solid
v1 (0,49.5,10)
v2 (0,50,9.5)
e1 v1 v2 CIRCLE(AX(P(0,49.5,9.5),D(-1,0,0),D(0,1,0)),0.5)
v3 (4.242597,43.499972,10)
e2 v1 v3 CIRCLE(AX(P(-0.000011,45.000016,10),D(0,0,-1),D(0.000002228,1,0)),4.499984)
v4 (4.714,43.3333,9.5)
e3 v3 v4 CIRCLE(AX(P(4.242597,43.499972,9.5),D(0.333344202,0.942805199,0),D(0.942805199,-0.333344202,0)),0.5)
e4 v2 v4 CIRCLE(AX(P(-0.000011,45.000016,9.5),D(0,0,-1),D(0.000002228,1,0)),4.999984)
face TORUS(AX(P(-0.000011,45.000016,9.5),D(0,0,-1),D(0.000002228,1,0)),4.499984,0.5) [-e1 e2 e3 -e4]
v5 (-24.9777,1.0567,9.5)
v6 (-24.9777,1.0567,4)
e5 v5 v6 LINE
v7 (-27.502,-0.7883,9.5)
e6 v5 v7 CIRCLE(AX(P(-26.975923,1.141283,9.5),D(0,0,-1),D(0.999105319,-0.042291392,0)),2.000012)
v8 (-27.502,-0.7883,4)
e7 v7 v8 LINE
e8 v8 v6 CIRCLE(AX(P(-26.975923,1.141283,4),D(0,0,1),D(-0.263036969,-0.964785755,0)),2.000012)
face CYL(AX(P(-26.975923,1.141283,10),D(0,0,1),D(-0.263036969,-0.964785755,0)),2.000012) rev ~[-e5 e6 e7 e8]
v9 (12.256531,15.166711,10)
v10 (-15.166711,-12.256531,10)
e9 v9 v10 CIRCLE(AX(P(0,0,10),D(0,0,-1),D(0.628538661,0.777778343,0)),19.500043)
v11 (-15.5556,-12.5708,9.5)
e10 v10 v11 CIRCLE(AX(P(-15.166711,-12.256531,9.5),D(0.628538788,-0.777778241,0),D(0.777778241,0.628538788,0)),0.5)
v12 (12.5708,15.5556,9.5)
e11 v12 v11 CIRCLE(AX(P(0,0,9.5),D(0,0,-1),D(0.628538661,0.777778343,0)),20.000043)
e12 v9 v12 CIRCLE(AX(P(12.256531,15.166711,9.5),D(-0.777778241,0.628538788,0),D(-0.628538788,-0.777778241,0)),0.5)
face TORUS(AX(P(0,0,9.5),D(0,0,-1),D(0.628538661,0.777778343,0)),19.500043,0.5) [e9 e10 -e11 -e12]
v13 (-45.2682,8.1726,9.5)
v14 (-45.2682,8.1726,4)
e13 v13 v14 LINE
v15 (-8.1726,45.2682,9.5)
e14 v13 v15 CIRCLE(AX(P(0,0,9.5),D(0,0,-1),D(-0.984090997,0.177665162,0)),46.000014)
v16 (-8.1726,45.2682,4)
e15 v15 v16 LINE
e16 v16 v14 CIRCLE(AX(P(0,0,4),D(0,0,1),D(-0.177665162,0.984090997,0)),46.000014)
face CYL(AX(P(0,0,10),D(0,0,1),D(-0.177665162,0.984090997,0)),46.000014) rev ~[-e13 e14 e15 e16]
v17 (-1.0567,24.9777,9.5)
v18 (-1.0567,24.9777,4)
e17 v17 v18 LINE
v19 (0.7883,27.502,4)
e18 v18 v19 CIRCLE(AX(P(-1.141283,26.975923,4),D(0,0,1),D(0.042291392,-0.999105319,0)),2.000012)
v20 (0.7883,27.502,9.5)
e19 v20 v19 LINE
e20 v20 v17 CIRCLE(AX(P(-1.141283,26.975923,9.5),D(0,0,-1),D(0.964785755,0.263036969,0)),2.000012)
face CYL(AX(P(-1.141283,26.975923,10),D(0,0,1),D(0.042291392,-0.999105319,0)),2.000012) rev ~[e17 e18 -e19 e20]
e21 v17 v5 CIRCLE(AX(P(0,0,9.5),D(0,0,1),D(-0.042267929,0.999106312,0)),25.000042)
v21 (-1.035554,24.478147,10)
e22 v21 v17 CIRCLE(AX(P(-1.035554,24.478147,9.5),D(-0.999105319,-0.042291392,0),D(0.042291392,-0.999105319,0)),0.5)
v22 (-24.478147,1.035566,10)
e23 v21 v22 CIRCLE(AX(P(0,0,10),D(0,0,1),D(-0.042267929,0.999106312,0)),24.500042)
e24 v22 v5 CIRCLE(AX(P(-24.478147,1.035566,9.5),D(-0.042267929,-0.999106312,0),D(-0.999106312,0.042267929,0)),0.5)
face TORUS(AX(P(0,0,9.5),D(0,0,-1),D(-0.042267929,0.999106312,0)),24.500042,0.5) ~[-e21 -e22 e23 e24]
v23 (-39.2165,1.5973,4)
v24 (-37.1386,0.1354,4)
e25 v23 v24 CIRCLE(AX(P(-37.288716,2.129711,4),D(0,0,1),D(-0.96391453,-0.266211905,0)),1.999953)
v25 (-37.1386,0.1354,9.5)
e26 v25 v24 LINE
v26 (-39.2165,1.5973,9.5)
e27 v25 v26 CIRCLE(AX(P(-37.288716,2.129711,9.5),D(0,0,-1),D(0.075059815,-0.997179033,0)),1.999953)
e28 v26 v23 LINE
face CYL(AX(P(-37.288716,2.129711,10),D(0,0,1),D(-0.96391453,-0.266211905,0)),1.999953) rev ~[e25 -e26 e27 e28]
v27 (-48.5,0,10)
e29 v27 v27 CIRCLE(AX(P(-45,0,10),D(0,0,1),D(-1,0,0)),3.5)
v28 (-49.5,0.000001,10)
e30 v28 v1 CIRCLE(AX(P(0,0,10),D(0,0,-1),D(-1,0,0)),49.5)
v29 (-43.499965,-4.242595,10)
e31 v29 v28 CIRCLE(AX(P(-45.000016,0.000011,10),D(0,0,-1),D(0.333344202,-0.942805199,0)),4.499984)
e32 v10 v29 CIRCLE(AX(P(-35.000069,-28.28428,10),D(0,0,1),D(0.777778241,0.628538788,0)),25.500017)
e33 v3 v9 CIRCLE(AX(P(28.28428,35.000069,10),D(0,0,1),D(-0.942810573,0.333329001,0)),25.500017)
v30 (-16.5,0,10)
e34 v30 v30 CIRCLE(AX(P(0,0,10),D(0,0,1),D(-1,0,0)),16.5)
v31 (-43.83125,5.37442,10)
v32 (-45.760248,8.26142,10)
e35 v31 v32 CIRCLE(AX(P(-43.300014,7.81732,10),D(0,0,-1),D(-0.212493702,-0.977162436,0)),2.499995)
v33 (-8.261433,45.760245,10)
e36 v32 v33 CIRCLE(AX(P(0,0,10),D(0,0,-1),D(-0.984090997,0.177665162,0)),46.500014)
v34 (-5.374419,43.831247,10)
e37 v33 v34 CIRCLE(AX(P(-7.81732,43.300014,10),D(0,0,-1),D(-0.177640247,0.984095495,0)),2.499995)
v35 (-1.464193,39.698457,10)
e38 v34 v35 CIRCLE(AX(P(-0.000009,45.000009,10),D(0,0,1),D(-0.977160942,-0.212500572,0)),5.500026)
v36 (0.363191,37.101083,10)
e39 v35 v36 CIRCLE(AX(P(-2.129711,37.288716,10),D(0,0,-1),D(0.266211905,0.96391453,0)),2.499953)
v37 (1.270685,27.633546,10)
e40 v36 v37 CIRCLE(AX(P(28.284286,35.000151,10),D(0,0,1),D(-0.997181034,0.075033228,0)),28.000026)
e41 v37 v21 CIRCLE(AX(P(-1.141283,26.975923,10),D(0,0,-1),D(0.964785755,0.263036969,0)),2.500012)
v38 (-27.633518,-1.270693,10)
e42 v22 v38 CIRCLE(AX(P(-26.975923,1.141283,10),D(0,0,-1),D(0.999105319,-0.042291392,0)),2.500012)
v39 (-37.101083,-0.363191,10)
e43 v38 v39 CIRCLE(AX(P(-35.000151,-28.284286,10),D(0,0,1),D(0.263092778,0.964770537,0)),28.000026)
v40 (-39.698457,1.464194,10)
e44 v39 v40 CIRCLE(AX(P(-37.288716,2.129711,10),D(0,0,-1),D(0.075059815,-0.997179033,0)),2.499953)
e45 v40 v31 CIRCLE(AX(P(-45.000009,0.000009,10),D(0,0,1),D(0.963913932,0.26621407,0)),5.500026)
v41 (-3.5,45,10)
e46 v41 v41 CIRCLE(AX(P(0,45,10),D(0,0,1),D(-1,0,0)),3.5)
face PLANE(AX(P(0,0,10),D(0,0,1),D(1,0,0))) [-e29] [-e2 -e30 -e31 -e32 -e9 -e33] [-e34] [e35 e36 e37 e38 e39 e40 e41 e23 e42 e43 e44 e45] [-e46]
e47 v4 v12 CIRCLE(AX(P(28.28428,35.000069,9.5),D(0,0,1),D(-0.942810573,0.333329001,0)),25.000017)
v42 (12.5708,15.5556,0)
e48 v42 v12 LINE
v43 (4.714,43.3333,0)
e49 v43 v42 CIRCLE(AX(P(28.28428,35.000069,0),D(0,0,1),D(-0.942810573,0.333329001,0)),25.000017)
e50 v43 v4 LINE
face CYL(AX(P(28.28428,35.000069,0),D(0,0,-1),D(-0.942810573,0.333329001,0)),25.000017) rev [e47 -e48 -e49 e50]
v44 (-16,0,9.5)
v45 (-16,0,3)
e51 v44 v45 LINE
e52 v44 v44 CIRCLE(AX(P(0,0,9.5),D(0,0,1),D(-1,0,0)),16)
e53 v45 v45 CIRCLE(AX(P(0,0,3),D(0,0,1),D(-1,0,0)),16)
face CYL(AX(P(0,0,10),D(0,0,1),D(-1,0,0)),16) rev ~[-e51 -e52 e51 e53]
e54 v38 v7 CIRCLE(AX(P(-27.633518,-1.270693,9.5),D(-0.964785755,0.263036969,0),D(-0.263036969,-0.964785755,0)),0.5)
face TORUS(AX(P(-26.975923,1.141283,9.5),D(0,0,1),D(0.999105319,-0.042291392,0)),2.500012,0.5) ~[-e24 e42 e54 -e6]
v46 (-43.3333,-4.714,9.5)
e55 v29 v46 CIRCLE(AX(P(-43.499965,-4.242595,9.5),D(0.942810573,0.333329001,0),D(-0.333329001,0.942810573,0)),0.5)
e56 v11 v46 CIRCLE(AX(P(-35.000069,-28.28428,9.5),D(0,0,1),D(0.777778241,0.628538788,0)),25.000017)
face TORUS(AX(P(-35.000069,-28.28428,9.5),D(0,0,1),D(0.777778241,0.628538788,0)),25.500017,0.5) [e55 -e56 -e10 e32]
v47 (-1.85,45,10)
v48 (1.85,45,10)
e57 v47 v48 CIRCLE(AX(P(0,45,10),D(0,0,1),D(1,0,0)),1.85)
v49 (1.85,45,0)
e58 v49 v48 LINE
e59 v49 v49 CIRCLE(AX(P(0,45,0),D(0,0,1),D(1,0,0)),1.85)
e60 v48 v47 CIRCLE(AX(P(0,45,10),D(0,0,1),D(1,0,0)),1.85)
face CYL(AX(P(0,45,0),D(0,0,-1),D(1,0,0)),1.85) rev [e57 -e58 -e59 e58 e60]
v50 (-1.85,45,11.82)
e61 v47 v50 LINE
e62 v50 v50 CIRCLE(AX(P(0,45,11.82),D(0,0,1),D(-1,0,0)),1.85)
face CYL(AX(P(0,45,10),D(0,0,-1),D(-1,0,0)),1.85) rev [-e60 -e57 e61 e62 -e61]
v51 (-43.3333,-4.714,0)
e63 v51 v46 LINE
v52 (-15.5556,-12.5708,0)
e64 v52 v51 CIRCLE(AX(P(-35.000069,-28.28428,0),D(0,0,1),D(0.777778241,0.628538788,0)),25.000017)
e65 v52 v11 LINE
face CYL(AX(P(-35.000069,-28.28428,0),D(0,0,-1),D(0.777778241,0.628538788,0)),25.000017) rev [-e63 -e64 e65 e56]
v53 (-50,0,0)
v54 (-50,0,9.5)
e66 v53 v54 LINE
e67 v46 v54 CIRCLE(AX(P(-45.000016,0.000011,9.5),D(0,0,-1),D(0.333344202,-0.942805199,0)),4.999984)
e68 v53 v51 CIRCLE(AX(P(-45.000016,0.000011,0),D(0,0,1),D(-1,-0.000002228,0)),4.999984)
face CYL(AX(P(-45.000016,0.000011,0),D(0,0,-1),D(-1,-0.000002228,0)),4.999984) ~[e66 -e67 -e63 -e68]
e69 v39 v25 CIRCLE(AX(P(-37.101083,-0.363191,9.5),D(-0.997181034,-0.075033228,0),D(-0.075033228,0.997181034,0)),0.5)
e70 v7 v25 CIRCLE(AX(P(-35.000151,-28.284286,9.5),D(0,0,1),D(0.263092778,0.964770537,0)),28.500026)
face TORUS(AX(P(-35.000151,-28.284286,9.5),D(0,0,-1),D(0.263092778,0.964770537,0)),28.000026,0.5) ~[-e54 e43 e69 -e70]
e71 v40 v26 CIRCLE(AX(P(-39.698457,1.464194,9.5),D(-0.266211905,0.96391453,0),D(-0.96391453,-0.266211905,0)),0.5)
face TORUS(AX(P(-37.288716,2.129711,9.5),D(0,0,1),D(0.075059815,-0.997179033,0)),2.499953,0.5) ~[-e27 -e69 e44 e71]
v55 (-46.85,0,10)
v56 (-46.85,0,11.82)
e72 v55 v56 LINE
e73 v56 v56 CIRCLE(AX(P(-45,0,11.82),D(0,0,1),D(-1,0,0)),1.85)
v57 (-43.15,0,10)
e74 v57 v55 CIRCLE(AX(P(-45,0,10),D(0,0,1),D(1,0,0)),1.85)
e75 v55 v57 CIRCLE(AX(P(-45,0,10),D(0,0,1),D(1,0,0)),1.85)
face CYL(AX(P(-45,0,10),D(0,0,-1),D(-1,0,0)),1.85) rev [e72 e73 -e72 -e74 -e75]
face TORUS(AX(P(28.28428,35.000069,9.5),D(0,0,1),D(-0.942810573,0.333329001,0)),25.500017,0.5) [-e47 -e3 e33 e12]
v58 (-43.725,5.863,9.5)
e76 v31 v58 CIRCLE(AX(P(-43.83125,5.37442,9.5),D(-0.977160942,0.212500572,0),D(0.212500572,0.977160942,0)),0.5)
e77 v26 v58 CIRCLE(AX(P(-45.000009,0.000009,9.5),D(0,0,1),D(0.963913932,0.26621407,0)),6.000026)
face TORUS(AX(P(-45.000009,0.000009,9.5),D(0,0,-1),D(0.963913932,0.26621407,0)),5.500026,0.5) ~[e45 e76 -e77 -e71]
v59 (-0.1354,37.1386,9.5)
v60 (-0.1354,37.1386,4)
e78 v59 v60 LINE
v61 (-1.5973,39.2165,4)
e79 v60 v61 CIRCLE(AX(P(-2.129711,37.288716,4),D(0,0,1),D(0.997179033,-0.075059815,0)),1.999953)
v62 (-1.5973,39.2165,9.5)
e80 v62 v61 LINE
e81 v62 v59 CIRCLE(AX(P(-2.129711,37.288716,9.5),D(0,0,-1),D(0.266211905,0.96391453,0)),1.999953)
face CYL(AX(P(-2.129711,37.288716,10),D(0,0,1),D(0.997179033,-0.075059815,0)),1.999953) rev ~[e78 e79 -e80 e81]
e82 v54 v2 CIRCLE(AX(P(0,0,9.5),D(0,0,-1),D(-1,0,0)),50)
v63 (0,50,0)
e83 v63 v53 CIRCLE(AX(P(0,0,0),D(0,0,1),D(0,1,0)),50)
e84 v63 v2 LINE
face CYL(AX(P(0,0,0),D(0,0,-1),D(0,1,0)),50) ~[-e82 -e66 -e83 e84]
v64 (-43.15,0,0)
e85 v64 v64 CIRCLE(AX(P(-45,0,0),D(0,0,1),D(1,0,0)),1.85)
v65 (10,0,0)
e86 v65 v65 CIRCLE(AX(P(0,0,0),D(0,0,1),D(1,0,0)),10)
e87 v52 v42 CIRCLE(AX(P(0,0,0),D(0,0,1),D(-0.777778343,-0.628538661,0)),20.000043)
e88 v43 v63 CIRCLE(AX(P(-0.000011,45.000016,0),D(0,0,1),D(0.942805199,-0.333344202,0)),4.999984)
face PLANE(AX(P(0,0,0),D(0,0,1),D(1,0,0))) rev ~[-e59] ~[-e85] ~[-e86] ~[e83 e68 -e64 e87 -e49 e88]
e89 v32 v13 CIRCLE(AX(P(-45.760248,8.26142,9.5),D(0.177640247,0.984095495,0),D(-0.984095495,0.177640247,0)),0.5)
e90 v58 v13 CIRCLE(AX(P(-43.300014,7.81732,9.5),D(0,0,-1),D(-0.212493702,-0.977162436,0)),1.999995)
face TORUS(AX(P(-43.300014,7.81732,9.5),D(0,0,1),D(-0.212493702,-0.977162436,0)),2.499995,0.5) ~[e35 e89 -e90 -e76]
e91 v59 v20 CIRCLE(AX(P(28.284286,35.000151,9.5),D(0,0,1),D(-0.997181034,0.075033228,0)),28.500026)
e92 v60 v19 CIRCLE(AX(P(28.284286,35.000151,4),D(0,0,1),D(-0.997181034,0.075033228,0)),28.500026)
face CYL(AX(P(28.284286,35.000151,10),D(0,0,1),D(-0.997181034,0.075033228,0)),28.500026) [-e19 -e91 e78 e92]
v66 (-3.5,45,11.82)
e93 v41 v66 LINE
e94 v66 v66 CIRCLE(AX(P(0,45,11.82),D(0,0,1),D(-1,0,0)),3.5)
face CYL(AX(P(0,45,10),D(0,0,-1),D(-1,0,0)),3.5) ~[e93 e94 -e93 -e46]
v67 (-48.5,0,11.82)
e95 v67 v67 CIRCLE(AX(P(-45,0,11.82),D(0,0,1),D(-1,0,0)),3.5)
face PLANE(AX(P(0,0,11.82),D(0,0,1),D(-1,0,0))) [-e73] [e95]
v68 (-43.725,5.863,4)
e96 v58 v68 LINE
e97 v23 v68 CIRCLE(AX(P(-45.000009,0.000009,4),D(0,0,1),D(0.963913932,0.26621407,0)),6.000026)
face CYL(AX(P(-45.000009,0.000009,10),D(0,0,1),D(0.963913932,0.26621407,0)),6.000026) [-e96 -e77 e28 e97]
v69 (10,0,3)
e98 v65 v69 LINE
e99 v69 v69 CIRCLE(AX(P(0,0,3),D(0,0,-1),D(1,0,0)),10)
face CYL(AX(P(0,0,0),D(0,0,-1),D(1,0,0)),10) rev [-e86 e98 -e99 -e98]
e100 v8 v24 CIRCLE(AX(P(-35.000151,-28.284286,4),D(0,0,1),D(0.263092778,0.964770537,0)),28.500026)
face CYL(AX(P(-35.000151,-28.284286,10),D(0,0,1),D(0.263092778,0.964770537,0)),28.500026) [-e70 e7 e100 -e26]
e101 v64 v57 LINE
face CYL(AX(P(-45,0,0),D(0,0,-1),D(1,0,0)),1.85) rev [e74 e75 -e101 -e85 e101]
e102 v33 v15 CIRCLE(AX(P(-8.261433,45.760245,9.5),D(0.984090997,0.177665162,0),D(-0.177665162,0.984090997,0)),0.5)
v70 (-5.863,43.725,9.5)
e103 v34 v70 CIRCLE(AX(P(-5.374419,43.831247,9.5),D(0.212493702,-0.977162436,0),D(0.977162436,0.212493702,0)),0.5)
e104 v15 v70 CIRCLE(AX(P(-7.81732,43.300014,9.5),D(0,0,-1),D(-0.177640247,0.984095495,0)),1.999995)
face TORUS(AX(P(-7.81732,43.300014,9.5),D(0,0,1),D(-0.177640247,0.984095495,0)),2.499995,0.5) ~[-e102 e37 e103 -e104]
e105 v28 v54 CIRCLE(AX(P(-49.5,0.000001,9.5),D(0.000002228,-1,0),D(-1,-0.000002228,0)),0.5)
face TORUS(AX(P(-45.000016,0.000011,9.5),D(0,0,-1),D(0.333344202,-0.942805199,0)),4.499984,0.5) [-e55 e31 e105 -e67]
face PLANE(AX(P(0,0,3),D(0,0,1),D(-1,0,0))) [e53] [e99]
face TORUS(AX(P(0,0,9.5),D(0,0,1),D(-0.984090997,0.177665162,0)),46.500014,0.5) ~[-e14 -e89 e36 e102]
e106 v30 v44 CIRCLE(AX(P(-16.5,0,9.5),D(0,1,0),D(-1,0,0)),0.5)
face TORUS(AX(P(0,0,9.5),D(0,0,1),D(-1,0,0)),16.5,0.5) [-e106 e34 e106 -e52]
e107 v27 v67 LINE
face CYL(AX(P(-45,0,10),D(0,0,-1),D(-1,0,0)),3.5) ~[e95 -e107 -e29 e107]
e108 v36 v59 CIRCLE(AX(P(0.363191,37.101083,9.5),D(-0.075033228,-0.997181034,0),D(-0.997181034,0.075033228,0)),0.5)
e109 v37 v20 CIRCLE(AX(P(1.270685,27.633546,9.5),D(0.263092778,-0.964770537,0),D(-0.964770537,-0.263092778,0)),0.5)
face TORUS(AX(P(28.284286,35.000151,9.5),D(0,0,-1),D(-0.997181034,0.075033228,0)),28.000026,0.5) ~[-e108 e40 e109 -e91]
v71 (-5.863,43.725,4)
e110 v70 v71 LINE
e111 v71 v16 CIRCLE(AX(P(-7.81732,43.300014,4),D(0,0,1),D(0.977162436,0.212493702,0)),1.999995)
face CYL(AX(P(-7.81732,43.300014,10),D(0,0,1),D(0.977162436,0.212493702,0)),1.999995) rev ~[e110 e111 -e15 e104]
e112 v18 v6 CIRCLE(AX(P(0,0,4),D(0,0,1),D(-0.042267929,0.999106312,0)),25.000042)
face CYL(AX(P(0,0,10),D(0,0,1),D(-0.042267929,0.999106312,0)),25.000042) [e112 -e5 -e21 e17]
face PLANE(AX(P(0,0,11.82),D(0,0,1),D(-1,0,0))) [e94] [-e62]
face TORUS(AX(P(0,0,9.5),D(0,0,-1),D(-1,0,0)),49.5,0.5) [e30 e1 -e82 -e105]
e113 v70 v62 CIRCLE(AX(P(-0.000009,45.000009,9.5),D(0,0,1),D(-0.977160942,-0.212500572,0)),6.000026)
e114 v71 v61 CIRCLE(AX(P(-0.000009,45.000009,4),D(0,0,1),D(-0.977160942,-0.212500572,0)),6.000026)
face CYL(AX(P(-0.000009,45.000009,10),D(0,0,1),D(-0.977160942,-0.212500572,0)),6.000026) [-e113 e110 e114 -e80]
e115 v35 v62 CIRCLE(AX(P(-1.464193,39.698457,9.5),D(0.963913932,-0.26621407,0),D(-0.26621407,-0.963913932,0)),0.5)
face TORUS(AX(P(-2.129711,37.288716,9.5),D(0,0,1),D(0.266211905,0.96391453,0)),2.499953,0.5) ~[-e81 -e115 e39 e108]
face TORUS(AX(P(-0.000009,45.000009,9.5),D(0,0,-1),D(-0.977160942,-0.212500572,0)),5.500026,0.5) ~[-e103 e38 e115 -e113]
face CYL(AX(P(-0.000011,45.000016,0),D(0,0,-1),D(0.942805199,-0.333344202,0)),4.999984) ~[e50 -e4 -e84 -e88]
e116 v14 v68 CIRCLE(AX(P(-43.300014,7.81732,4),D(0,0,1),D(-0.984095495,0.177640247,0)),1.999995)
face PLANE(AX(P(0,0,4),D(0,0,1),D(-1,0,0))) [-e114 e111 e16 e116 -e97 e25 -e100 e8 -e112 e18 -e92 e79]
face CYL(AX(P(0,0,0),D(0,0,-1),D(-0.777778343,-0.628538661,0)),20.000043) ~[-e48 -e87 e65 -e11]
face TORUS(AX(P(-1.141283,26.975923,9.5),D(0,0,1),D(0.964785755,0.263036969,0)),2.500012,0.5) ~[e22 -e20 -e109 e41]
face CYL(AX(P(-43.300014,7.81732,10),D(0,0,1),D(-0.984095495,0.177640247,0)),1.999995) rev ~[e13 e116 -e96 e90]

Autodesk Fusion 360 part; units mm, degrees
sketch "Boceto1" plane through (0, 0, 0) normal (0, 0, 1) x (1, 0, 0)
  circle A0 centre (-45, 0) radius 1.85
  circle A1 centre (0, 45) radius 1.85
  arc A2 (0, 50) -> (-50, 0) centre (0, 0) ccw
  arc A3 (-50, 0) -> (-43.3333, -4.714) centre (-45, 0) ccw
  arc A4 (-15.5556, -12.5708) -> (-43.3333, -4.714) centre (-35, -28.2843) ccw
  arc A5 (-15.5556, -12.5708) -> (12.5708, 15.5556) centre (0, 0) ccw
  arc A6 (4.714, 43.3333) -> (0, 50) centre (0, 45) ccw
  arc A7 (4.714, 43.3333) -> (12.5708, 15.5556) centre (28.2843, 35) ccw
  circle A8 centre (-45, 0) radius 3.5
  circle A9 centre (0, 45) radius 3.5
  circle A10 centre (0, 0) radius 16
  circle A11 centre (0, 0) radius 10
  dimension "d5" = 3.7
  dimension "d6" = 3.7
  dimension "d11" = 7
  dimension "d12" = 7
  dimension "d13" = 32
  dimension "d14" = 20
extrude "Extruir1" add sketch "Boceto1" along normal blind 10 contours A2 A3 A4 A5 A6 A7 | A8 | A9 | A10
sketch "Boceto2" plane through (0, 0, 10) normal (0, 0, 1) x (-1, 0, 0)
  circle A0 centre (45, 0) radius 1.85
  circle A1 centre (0, -45) radius 1.85
  circle A2 centre (0, 0) radius 10
  arc A3 (0, -50) -> (50, 0) centre (0, 0) ccw
  arc A4 (50, 0) -> (43.3333, 4.714) centre (45, 0) ccw
  arc A5 (15.5556, 12.5708) -> (43.3333, 4.714) centre (35, 28.2843) ccw
  arc A6 (15.5556, 12.5708) -> (-12.5708, -15.5556) centre (0, 0) ccw
  arc A7 (-4.714, -43.3333) -> (-12.5708, -15.5556) centre (-28.2843, -35) ccw
  arc A8 (-4.714, -43.3333) -> (0, -50) centre (0, -45) ccw
  circle A9 centre (0, 0) radius 16
  circle A10 centre (0, -45) radius 3.5
  circle A11 centre (45, 0) radius 3.5
  dimension "d17" = 32
  dimension "d18" = 7
  dimension "d19" = 7
extrude "Extruir2" add sketch "Boceto2" along normal blind 1.82 contours A11
extrude "Extruir3" add sketch "Boceto2" along normal blind 1.82 contours A10
extrude "Extruir4" cut sketch "Boceto2" against normal blind 7 contours A9
sketch "Boceto3" plane through (0, 0, 10) normal (0, 0, 1) x (-1, 0, 0)
  circle A0 centre (0, 0) radius 16
  circle A1 centre (0, -45) radius 3.5
  circle A2 centre (45, 0) radius 3.5
  arc A3 (0, -50) -> (50, 0) centre (0, 0) ccw
  arc A4 (50, 0) -> (43.3333, 4.714) centre (45, 0) ccw
  arc A5 (15.5556, 12.5708) -> (43.3333, 4.714) centre (35, 28.2843) ccw
  arc A6 (15.5556, 12.5708) -> (-12.5708, -15.5556) centre (0, 0) ccw
  arc A7 (-4.714, -43.3333) -> (-12.5708, -15.5556) centre (-28.2843, -35) ccw
  arc A8 (-4.714, -43.3333) -> (0, -50) centre (0, -45) ccw
  arc A9 (39.2165, -1.5973) -> (43.725, -5.863) centre (45, 0) ccw
  arc A10 (27.502, 0.7883) -> (37.1386, -0.1354) centre (35, 28.2843) ccw
  arc A11 (1.0567, -24.9777) -> (24.9777, -1.0567) centre (0, 0) ccw
  arc A12 (0.1354, -37.1386) -> (-0.7883, -27.502) centre (-28.2843, -35) ccw
  arc A13 (5.863, -43.725) -> (1.5973, -39.2165) centre (0, -45) ccw
  arc A14 (8.1726, -45.2682) -> (45.2682, -8.1726) centre (0, 0) ccw
  arc A15 (5.863, -43.725) -> (8.1726, -45.2682) centre (7.8173, -43.3) ccw
  arc A16 (0.1354, -37.1386) -> (1.5973, -39.2165) centre (2.1297, -37.2887) ccw
  arc A17 (1.0567, -24.9777) -> (-0.7883, -27.502) centre (1.1413, -26.9759) ccw
  arc A18 (27.502, 0.7883) -> (24.9777, -1.0567) centre (26.9759, -1.1413) ccw
  arc A19 (39.2165, -1.5973) -> (37.1386, -0.1354) centre (37.2887, -2.1297) ccw
  arc A20 (45.2682, -8.1726) -> (43.725, -5.863) centre (43.3, -7.8173) ccw
  dimension "d32" = 2
extrude "Extruir5" cut sketch "Boceto3" against normal blind 6 contours A9 A10 A11 A12 A13 A14 A15 A16 A17 A18 A19 A20
fillet "Empalme1" radius 0.5 6 edges at (-28.1959, -4.228, 10) (14.1421, -14.1421, 10) (4.228, 28.1959, 10) (4.0825, 47.8868, 10) (-35.3553, 35.3553, 10) (-47.8868, -4.0825, 10)
fillet "Empalme2" radius 0.5 12 edges at (-0.0857, 32.2808, 10) (0.4734, 25.7957, 10) (-17.6777, 17.6777, 10) (-25.7957, -0.4734, 10) (-32.2808, 0.0857, 10) (-38.4395, 0.494, 10) (-40.8763, 4.3584, 10) (-44.963, 6.7062, 10) (-32.5269, 32.5269, 10) (-6.7062, 44.963, 10) (-4.3584, 40.8763, 10) (-0.494, 38.4395, 10)
fillet "Empalme3" radius 0.5 1 edges at (14.9172, -5.7858, 10)
